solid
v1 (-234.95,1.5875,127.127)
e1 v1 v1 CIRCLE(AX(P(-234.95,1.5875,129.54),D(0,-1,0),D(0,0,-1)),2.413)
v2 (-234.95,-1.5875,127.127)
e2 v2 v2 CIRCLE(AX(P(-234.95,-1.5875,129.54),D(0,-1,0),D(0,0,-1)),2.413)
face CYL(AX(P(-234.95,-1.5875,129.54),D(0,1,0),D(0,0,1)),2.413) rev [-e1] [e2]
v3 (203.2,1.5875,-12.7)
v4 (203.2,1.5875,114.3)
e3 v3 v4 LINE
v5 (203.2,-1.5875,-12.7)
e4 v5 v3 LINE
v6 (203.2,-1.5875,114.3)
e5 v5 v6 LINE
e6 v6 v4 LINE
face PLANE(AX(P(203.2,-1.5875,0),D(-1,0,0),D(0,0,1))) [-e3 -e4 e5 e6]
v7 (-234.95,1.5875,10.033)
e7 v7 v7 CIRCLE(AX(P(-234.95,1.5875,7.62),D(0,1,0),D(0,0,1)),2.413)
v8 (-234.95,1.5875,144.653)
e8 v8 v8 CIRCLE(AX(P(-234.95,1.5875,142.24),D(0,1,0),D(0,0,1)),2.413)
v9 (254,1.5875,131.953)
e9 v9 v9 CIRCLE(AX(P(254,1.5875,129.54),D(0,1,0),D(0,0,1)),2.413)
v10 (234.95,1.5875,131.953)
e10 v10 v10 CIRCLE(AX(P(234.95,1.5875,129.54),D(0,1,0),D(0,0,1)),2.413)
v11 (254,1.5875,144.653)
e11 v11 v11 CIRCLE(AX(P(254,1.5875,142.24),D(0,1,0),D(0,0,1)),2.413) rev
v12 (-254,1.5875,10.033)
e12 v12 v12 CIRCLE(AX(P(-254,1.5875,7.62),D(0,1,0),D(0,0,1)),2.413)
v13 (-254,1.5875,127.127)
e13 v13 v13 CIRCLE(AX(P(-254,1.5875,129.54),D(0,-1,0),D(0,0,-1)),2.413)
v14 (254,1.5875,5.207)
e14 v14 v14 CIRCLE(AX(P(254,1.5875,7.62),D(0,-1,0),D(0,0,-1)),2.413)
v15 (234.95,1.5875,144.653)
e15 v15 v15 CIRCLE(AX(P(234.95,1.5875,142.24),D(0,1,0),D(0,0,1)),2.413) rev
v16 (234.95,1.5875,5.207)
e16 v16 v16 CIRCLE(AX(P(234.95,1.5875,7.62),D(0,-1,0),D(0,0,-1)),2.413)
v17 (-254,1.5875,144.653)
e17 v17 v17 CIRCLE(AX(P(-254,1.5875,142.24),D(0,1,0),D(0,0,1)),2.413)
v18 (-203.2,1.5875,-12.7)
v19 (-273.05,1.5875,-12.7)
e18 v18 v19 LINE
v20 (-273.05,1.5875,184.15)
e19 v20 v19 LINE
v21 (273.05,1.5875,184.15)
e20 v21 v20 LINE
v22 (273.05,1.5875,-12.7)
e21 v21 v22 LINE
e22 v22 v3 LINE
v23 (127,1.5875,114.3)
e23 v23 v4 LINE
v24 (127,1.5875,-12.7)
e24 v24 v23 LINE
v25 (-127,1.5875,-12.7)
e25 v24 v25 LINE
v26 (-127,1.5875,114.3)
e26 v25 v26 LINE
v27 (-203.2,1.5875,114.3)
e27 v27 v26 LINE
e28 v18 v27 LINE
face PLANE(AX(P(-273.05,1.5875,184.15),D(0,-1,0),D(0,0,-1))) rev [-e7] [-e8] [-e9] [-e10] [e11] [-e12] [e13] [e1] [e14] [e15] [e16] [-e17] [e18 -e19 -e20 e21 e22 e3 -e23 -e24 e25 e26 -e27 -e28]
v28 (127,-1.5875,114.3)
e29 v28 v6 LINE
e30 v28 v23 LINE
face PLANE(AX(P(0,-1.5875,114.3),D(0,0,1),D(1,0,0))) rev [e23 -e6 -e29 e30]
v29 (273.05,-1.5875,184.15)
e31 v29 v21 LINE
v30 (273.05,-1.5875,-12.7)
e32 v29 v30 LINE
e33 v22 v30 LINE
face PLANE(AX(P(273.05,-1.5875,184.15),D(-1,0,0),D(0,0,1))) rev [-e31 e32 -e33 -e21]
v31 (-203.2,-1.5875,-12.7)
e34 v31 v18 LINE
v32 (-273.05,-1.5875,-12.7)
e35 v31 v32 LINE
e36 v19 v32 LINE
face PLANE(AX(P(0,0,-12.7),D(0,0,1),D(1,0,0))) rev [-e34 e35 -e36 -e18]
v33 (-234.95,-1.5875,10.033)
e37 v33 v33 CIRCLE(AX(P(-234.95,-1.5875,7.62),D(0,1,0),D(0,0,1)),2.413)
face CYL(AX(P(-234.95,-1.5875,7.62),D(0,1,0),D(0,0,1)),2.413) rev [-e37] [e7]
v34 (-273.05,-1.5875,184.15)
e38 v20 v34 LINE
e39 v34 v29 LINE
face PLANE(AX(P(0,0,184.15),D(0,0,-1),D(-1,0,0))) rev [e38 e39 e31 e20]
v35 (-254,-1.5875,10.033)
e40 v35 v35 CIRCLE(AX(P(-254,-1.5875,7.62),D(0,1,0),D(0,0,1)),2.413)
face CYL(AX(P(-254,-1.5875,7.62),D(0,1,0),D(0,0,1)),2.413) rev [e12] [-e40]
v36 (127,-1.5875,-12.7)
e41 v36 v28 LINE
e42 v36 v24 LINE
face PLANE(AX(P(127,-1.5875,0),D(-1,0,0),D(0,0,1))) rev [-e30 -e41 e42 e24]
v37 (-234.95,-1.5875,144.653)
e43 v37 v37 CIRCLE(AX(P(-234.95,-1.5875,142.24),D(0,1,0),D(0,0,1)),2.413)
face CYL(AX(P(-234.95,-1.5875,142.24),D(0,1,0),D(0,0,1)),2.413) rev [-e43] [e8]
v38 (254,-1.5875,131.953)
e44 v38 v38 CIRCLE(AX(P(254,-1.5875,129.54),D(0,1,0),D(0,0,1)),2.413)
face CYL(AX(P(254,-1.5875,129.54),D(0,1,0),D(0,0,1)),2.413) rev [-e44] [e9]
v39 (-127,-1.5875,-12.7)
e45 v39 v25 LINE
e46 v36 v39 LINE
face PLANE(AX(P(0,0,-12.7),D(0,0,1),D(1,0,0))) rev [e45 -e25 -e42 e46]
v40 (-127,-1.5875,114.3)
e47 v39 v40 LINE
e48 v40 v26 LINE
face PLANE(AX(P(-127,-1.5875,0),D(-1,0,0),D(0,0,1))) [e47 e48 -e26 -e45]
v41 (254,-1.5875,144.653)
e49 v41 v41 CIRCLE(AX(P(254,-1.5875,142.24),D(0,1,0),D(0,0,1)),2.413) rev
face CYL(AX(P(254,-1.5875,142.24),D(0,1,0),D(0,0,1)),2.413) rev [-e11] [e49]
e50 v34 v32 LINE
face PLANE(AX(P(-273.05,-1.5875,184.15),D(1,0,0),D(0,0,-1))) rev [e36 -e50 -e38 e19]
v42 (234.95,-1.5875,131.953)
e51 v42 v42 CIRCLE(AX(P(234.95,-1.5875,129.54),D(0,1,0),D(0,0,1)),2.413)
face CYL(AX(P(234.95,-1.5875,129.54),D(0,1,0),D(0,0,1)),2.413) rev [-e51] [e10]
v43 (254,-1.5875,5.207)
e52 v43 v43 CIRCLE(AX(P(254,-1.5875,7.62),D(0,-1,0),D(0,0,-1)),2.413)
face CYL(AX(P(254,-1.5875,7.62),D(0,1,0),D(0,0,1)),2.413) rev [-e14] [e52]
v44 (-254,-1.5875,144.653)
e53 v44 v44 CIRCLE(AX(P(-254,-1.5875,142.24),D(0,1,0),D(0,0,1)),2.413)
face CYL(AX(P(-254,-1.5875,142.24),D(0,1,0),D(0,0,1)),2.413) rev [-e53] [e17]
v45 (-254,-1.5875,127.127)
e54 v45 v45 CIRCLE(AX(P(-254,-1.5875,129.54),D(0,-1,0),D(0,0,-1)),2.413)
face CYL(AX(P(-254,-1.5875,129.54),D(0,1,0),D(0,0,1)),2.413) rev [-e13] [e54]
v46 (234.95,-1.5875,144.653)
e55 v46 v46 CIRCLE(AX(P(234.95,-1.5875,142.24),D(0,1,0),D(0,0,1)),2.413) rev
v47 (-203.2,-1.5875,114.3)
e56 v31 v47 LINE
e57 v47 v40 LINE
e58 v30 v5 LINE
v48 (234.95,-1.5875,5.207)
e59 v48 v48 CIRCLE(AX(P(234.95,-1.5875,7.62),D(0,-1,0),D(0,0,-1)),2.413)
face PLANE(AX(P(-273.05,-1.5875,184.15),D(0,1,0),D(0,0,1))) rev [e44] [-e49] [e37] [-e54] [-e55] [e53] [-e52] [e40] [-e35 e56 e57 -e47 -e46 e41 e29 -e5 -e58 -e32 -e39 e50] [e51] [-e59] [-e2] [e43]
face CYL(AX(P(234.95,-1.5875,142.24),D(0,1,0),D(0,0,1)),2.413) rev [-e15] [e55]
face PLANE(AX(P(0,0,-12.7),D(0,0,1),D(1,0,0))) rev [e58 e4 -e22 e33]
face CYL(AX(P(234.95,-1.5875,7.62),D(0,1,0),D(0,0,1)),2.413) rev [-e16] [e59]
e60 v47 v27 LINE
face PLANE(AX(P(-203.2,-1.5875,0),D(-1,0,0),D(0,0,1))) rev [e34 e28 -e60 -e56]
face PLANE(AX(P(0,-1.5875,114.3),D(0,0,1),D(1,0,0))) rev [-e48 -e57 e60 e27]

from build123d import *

# Parameters (mm, degrees)
SKETCH1_W           = 546.1
SKETCH1_H           = 3.175
BOSS_EXTRUDE1_DEPTH = 184.15
SKETCH2_R           = 2.413
CUT_EXTRUDE2_DEPTH  = 4.175
SKETCH5_W           = 546.1
SKETCH5_H           = 3.175
BOSS_EXTRUDE2_DEPTH = 12.7
SKETCH6_W           = 76.2
SKETCH6_H           = 127
CUT_EXTRUDE4_DEPTH  = 4.175
SKETCH7_R           = 2.413
CUT_EXTRUDE5_DEPTH  = 4.175


with BuildPart() as part:
    # Sketch1 → Boss-Extrude1 (new body)
    with BuildSketch(Plane.XY):
        Rectangle(SKETCH1_W, SKETCH1_H)
    extrude(amount=BOSS_EXTRUDE1_DEPTH)

    # Sketch2 → Cut-Extrude2 (cut, through all)
    with BuildSketch(Plane(origin=(0, 1.5875, 0), x_dir=(1, 0, 0), z_dir=(0, 1, 0))):
        with Locations((-234.95, -129.54)):
            Circle(SKETCH2_R)
        with Locations((-254, -129.54)):
            Circle(SKETCH2_R)
        with Locations((-254, -7.62)):
            Circle(SKETCH2_R)
        with Locations((-234.95, -7.62)):
            Circle(SKETCH2_R)
        with Locations((254, -7.62)):
            Circle(SKETCH2_R)
        with Locations((234.95, -7.62)):
            Circle(SKETCH2_R)
        with Locations((254, -129.54)):
            Circle(SKETCH2_R)
        with Locations((234.95, -129.54)):
            Circle(SKETCH2_R)
    extrude(amount=-CUT_EXTRUDE2_DEPTH, mode=Mode.SUBTRACT)

    # Sketch5 → Boss-Extrude2 (add)
    with BuildSketch(Plane(origin=(0, 0, 0), x_dir=(-1, 0, 0), z_dir=(0, 0, -1))):
        Rectangle(SKETCH5_W, SKETCH5_H)
    extrude(amount=BOSS_EXTRUDE2_DEPTH)

    # Sketch6 → Cut-Extrude4 (cut, through all)
    with BuildSketch(Plane(origin=(0, 1.5875, 0), x_dir=(1, 0, 0), z_dir=(0, 1, 0))):
        with Locations((-165.1, -50.8)):
            Rectangle(SKETCH6_W, SKETCH6_H)
        with Locations((165.1, -50.8)):
            Rectangle(SKETCH6_W, SKETCH6_H)
    extrude(amount=-CUT_EXTRUDE4_DEPTH, mode=Mode.SUBTRACT)

    # Sketch7 → Cut-Extrude5 (cut, through all)
    with BuildSketch(Plane(origin=(0, 1.5875, 0), x_dir=(1, 0, 0), z_dir=(0, 1, 0))):
        with Locations((-254, -142.24)):
            Circle(SKETCH7_R)
        with Locations((-234.95, -142.24)):
            Circle(SKETCH7_R)
        with Locations((254, -142.24)):
            Circle(SKETCH7_R)
        with Locations((234.95, -142.24)):
            Circle(SKETCH7_R)
    extrude(amount=-CUT_EXTRUDE5_DEPTH, mode=Mode.SUBTRACT)


solid = part.part
